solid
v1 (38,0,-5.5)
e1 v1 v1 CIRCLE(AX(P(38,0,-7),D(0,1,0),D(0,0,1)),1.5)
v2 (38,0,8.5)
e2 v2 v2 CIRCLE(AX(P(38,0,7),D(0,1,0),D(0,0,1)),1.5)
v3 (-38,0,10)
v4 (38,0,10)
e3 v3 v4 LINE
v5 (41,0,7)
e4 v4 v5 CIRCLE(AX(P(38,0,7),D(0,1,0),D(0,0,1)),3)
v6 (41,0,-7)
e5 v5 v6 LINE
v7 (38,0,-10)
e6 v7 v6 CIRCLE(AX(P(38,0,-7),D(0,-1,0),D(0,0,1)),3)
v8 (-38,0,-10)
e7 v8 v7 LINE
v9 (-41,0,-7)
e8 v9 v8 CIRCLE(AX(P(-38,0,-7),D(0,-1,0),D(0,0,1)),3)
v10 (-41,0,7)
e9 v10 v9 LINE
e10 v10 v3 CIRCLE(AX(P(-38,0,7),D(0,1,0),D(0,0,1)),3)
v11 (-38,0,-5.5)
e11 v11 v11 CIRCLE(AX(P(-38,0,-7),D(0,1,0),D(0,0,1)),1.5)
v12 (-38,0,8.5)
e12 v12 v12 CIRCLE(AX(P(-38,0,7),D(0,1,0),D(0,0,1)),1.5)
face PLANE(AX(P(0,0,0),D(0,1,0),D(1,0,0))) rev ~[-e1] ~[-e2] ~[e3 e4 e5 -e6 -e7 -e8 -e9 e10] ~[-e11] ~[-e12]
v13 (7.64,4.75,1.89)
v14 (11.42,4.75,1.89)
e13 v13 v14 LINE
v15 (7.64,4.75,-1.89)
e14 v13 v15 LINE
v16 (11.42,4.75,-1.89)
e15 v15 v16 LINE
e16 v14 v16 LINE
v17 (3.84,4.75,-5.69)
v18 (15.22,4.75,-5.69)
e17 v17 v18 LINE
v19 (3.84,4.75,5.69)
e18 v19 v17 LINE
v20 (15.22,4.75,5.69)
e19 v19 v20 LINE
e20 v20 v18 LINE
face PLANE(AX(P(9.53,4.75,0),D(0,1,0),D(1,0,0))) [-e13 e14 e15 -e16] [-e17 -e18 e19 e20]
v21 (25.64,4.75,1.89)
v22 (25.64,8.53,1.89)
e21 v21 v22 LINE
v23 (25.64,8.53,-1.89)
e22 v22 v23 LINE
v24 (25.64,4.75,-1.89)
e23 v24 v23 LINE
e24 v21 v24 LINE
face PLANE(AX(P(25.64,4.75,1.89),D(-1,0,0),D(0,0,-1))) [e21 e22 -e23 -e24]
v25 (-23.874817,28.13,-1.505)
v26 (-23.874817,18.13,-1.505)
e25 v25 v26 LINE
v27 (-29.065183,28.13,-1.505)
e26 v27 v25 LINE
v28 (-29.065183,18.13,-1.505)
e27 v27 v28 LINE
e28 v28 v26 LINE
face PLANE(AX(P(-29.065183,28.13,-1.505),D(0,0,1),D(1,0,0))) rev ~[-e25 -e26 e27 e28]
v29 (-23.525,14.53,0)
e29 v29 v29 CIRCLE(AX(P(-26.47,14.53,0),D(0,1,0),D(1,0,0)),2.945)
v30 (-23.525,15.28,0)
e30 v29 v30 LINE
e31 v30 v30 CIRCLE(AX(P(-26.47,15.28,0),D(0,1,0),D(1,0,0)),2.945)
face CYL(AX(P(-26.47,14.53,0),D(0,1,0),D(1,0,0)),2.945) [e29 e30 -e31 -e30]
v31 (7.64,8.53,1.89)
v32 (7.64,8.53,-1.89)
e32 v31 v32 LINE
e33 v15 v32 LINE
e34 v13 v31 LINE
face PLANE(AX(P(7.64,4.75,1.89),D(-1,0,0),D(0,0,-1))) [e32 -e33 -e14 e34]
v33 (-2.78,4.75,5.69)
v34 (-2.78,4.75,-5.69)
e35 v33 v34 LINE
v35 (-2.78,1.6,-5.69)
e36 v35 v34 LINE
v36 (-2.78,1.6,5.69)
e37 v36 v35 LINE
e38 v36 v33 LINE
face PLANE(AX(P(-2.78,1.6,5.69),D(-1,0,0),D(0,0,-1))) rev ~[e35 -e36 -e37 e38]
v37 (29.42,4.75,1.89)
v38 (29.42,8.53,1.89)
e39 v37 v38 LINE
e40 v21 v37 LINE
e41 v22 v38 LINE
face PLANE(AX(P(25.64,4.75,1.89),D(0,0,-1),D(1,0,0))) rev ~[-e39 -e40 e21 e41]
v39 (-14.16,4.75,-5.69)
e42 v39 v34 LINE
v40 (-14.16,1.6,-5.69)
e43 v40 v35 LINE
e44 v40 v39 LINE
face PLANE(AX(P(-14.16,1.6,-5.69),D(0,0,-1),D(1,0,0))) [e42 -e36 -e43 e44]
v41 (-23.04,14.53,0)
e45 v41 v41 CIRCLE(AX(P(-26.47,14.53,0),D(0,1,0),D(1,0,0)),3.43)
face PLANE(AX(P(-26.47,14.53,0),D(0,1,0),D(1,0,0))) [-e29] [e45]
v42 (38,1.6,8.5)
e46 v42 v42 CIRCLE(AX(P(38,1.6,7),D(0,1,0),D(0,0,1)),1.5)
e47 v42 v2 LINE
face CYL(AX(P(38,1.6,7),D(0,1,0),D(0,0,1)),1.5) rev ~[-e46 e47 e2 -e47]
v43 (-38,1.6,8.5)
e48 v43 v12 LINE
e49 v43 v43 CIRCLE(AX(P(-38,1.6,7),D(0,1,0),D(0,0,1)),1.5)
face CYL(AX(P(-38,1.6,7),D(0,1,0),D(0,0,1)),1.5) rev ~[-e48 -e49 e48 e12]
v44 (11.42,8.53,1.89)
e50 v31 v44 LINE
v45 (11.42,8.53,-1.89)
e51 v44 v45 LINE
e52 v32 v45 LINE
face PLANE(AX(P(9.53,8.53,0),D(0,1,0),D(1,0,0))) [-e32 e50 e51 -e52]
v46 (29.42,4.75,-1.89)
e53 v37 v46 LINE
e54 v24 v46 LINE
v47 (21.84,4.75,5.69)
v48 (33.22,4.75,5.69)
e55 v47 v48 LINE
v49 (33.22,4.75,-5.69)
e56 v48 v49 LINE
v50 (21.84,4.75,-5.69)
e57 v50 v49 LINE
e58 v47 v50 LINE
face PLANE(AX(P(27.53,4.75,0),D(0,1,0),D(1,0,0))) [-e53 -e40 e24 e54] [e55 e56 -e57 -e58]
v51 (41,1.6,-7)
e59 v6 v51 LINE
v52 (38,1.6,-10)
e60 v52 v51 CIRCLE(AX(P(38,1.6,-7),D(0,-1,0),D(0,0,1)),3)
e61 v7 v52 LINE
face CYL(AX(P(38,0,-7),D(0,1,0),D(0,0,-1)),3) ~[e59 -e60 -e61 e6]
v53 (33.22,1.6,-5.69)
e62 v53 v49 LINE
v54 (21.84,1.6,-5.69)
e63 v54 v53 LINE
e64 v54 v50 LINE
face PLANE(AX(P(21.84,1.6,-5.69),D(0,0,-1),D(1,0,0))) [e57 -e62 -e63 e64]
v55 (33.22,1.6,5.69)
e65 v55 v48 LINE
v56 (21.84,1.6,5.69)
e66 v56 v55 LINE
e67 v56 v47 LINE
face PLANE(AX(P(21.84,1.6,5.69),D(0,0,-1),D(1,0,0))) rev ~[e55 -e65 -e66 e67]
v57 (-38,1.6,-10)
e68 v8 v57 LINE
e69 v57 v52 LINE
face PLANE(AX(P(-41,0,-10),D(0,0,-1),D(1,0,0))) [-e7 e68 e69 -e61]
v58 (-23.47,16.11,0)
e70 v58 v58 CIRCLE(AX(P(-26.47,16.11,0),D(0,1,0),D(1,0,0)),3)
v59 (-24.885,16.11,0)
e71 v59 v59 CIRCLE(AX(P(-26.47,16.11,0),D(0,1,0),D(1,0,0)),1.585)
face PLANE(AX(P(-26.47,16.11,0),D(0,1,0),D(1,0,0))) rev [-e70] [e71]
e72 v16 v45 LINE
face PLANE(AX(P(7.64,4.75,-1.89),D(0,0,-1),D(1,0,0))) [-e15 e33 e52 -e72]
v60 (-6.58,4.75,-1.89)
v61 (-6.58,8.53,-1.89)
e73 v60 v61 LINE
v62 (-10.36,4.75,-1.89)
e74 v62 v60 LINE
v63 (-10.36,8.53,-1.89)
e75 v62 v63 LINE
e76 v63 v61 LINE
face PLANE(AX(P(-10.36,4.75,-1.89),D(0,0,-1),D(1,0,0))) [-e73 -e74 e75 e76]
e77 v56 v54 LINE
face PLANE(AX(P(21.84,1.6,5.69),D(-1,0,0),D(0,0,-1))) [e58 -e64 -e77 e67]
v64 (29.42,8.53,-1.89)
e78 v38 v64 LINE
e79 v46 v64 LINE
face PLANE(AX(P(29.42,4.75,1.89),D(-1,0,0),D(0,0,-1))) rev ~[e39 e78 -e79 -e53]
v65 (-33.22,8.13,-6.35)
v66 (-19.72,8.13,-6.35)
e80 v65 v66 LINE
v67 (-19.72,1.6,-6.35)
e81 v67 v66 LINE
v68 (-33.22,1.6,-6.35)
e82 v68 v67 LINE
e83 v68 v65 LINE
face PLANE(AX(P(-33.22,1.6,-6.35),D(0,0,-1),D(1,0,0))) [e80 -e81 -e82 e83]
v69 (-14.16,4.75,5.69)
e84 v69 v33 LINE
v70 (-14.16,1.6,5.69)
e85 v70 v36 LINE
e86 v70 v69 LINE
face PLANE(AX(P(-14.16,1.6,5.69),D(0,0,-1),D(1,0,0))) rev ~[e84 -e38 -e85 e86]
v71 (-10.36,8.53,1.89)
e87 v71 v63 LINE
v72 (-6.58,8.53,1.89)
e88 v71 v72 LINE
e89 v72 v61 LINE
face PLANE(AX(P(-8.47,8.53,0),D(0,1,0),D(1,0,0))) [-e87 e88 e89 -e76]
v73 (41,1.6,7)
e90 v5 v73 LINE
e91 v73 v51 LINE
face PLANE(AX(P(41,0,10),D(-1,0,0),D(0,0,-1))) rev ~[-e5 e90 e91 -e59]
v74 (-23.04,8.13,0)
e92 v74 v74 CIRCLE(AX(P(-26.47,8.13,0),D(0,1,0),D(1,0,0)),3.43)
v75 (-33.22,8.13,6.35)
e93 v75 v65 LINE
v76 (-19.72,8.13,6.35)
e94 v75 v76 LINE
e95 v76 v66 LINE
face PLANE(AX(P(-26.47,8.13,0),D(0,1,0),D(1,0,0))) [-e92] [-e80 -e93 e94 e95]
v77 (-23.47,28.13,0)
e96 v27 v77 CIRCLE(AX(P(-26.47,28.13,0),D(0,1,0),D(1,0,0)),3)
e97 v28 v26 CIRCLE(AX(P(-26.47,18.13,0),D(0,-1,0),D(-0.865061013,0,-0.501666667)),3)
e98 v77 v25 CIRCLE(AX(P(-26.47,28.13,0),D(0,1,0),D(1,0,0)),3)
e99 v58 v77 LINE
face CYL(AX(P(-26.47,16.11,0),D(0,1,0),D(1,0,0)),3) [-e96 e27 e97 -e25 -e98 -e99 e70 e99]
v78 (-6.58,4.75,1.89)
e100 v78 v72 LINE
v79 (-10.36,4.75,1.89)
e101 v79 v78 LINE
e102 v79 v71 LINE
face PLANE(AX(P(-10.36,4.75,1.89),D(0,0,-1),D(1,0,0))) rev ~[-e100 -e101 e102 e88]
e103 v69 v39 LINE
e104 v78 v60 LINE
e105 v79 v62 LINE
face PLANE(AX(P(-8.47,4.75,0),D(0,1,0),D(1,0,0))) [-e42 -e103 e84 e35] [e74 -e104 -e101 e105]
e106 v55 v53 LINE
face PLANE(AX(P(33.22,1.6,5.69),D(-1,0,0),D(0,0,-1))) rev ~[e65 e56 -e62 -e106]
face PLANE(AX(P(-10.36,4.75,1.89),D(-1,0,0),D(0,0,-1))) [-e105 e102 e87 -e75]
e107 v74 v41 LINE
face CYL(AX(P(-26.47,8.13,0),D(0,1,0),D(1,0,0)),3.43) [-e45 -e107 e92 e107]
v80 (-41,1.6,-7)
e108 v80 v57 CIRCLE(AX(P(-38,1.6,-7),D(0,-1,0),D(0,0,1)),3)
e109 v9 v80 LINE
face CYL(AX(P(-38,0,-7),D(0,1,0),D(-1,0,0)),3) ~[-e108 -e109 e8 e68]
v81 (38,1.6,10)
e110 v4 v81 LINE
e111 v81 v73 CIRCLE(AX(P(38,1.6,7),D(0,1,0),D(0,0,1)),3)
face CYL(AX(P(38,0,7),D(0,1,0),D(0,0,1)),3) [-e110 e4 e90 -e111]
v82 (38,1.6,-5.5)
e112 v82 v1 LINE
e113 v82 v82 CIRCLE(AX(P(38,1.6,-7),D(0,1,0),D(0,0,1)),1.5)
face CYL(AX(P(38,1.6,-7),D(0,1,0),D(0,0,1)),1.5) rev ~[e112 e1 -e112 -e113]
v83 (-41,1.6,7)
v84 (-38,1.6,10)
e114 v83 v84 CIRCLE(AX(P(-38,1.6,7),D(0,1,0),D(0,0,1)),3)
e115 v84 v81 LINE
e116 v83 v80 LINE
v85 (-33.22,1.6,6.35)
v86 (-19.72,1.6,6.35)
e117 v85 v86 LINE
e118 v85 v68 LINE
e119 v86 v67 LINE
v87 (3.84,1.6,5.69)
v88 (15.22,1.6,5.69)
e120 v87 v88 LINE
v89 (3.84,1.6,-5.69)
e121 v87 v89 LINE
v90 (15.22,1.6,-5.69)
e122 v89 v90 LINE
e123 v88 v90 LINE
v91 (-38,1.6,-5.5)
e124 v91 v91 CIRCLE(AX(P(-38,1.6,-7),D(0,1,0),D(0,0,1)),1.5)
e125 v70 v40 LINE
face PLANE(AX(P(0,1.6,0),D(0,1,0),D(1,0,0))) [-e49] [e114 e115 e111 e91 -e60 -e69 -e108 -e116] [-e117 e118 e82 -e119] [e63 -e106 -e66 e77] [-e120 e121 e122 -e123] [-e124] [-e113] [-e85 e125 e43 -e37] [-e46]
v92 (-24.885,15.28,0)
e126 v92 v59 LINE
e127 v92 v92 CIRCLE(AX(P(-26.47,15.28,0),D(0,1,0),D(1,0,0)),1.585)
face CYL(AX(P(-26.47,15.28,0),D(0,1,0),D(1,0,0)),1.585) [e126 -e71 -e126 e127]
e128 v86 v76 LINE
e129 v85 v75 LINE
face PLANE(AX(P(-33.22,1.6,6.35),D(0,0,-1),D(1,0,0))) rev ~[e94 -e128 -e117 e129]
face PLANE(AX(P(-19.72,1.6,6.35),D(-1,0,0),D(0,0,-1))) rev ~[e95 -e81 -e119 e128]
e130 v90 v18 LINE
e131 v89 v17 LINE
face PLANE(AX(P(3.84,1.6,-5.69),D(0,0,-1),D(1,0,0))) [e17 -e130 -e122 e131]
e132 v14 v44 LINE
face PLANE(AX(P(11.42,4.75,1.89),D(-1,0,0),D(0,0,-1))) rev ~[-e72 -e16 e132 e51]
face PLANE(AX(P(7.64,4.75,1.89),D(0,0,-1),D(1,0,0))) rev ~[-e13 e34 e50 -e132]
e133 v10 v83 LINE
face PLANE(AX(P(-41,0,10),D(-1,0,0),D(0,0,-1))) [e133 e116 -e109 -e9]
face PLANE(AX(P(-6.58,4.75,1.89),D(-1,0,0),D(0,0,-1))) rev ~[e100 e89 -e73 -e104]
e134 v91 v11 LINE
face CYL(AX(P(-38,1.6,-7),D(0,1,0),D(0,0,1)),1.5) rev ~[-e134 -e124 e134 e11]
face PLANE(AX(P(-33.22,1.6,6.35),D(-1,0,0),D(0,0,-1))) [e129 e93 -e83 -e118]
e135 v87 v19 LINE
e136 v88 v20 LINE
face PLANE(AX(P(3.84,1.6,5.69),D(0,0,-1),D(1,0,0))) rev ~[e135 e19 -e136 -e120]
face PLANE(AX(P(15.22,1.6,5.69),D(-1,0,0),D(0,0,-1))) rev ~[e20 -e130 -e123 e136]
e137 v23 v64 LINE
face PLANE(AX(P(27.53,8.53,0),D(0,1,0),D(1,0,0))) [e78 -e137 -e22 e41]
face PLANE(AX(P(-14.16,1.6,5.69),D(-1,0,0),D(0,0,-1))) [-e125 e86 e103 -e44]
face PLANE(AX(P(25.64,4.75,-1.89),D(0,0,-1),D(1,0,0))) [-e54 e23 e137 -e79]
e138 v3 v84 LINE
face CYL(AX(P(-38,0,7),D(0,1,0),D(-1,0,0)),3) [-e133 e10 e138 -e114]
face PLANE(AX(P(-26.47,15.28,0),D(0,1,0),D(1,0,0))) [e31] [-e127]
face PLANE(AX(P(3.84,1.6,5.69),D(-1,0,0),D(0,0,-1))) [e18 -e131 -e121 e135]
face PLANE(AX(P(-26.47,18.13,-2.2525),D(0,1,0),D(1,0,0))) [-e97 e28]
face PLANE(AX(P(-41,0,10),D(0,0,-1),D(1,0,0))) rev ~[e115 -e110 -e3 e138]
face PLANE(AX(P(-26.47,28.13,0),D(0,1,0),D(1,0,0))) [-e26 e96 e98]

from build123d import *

# Parameters (mm, degrees)
SKETCH1_W           = 82
SKETCH1_H           = 20
BOSS_EXTRUDE1_DEPTH = 1.6
SKETCH2_W           = 11.38
SKETCH2_H           = 11.38
BOSS_EXTRUDE2_DEPTH = 3.15
SKETCH2_3_W         = 13.5
SKETCH2_3_H         = 12.7
BOSS_EXTRUDE3_DEPTH = 6.53
SKETCH3_W           = 3.78
SKETCH3_H           = 3.78
BOSS_EXTRUDE4_DEPTH = 3.78
SKETCH5_W           = 5.190366076
SKETCH5_H           = 1.495
CUT_EXTRUDE1_DEPTH  = 10
SKETCH6_R           = 1.5
CUT_EXTRUDE2_DEPTH  = 50.848178502
FILLET1_R           = 3


with BuildPart() as part:
    # Sketch1 → Boss-Extrude1 (new body)
    with BuildSketch(Plane(origin=(0, 0, 0), x_dir=(1, 0, 0), z_dir=(0, 1, 0))):
        Rectangle(SKETCH1_W, SKETCH1_H)
    extrude(amount=BOSS_EXTRUDE1_DEPTH)

    # Sketch2 → Boss-Extrude2 (add)
    with BuildSketch(Plane(origin=(0, 1.6, 0), x_dir=(1, 0, 0), z_dir=(0, 1, 0))):
        with Locations((27.53, 0)):
            Rectangle(SKETCH2_W, SKETCH2_H)
        with Locations((9.53, 0)):
            Rectangle(SKETCH2_W, SKETCH2_H)
        with Locations((-8.47, 0)):
            Rectangle(SKETCH2_W, SKETCH2_H)
    extrude(amount=BOSS_EXTRUDE2_DEPTH)

    # Sketch2<3> → Boss-Extrude3 (add)
    with BuildSketch(Plane(origin=(0, 1.6, 0), x_dir=(1, 0, 0), z_dir=(0, 1, 0))):
        with Locations((-26.47, 0)):
            Rectangle(SKETCH2_3_W, SKETCH2_3_H)
    extrude(amount=BOSS_EXTRUDE3_DEPTH)

    # Sketch3 → Boss-Extrude4 (add)
    with BuildSketch(Plane(origin=(0, 4.75, 0), x_dir=(1, 0, 0), z_dir=(0, 1, 0))):
        with Locations((-8.47, 0)):
            Rectangle(SKETCH3_W, SKETCH3_H)
        with Locations((9.53, 0)):
            Rectangle(SKETCH3_W, SKETCH3_H)
        with Locations((27.53, 0)):
            Rectangle(SKETCH3_W, SKETCH3_H)
    extrude(amount=BOSS_EXTRUDE4_DEPTH)

    # Sketch4 → Revolve1 (revolve)
    with BuildSketch(Plane.XY):
        Polygon((-23.04, 8.13), (-23.04, 14.53), (-23.525, 14.53), (-23.525, 15.28), (-24.885, 15.28), (-24.885, 16.11), (-23.47, 16.11), (-23.47, 28.13), (-26.47, 28.13), (-26.47, 8.13), align=None)
    revolve(axis=Axis((-26.47, 8.13, 0), (0, 1, 0)))

    # Sketch5 → Cut-Extrude1 (cut)
    with BuildSketch(Plane(origin=(0, 28.13, 0), x_dir=(1, 0, 0), z_dir=(0, 1, 0))):
        with Locations((-26.47, 2.2525)):
            Rectangle(SKETCH5_W, SKETCH5_H)
    extrude(amount=-CUT_EXTRUDE1_DEPTH, mode=Mode.SUBTRACT)

    # Sketch6 → Cut-Extrude2 (cut, through all)
    with BuildSketch(Plane(origin=(0, 1.6, 0), x_dir=(1, 0, 0), z_dir=(0, 1, 0))):
        with Locations((-38, 7)):
            Circle(SKETCH6_R)
        with Locations((-38, -7)):
            Circle(SKETCH6_R)
        with Locations((38, -7)):
            Circle(SKETCH6_R)
        with Locations((38, 7)):
            Circle(SKETCH6_R)
    extrude(amount=-CUT_EXTRUDE2_DEPTH, mode=Mode.SUBTRACT)

    # Fillet1
    fillet1_edges = [part.edges().sort_by_distance(p)[0] for p in [
        (41, 0.8, 10),
        (41, 0.8, -10),
        (-41, 0.8, 10),
        (-41, 0.8, -10),
    ]]
    fillet(fillet1_edges, radius=FILLET1_R)


solid = part.part
